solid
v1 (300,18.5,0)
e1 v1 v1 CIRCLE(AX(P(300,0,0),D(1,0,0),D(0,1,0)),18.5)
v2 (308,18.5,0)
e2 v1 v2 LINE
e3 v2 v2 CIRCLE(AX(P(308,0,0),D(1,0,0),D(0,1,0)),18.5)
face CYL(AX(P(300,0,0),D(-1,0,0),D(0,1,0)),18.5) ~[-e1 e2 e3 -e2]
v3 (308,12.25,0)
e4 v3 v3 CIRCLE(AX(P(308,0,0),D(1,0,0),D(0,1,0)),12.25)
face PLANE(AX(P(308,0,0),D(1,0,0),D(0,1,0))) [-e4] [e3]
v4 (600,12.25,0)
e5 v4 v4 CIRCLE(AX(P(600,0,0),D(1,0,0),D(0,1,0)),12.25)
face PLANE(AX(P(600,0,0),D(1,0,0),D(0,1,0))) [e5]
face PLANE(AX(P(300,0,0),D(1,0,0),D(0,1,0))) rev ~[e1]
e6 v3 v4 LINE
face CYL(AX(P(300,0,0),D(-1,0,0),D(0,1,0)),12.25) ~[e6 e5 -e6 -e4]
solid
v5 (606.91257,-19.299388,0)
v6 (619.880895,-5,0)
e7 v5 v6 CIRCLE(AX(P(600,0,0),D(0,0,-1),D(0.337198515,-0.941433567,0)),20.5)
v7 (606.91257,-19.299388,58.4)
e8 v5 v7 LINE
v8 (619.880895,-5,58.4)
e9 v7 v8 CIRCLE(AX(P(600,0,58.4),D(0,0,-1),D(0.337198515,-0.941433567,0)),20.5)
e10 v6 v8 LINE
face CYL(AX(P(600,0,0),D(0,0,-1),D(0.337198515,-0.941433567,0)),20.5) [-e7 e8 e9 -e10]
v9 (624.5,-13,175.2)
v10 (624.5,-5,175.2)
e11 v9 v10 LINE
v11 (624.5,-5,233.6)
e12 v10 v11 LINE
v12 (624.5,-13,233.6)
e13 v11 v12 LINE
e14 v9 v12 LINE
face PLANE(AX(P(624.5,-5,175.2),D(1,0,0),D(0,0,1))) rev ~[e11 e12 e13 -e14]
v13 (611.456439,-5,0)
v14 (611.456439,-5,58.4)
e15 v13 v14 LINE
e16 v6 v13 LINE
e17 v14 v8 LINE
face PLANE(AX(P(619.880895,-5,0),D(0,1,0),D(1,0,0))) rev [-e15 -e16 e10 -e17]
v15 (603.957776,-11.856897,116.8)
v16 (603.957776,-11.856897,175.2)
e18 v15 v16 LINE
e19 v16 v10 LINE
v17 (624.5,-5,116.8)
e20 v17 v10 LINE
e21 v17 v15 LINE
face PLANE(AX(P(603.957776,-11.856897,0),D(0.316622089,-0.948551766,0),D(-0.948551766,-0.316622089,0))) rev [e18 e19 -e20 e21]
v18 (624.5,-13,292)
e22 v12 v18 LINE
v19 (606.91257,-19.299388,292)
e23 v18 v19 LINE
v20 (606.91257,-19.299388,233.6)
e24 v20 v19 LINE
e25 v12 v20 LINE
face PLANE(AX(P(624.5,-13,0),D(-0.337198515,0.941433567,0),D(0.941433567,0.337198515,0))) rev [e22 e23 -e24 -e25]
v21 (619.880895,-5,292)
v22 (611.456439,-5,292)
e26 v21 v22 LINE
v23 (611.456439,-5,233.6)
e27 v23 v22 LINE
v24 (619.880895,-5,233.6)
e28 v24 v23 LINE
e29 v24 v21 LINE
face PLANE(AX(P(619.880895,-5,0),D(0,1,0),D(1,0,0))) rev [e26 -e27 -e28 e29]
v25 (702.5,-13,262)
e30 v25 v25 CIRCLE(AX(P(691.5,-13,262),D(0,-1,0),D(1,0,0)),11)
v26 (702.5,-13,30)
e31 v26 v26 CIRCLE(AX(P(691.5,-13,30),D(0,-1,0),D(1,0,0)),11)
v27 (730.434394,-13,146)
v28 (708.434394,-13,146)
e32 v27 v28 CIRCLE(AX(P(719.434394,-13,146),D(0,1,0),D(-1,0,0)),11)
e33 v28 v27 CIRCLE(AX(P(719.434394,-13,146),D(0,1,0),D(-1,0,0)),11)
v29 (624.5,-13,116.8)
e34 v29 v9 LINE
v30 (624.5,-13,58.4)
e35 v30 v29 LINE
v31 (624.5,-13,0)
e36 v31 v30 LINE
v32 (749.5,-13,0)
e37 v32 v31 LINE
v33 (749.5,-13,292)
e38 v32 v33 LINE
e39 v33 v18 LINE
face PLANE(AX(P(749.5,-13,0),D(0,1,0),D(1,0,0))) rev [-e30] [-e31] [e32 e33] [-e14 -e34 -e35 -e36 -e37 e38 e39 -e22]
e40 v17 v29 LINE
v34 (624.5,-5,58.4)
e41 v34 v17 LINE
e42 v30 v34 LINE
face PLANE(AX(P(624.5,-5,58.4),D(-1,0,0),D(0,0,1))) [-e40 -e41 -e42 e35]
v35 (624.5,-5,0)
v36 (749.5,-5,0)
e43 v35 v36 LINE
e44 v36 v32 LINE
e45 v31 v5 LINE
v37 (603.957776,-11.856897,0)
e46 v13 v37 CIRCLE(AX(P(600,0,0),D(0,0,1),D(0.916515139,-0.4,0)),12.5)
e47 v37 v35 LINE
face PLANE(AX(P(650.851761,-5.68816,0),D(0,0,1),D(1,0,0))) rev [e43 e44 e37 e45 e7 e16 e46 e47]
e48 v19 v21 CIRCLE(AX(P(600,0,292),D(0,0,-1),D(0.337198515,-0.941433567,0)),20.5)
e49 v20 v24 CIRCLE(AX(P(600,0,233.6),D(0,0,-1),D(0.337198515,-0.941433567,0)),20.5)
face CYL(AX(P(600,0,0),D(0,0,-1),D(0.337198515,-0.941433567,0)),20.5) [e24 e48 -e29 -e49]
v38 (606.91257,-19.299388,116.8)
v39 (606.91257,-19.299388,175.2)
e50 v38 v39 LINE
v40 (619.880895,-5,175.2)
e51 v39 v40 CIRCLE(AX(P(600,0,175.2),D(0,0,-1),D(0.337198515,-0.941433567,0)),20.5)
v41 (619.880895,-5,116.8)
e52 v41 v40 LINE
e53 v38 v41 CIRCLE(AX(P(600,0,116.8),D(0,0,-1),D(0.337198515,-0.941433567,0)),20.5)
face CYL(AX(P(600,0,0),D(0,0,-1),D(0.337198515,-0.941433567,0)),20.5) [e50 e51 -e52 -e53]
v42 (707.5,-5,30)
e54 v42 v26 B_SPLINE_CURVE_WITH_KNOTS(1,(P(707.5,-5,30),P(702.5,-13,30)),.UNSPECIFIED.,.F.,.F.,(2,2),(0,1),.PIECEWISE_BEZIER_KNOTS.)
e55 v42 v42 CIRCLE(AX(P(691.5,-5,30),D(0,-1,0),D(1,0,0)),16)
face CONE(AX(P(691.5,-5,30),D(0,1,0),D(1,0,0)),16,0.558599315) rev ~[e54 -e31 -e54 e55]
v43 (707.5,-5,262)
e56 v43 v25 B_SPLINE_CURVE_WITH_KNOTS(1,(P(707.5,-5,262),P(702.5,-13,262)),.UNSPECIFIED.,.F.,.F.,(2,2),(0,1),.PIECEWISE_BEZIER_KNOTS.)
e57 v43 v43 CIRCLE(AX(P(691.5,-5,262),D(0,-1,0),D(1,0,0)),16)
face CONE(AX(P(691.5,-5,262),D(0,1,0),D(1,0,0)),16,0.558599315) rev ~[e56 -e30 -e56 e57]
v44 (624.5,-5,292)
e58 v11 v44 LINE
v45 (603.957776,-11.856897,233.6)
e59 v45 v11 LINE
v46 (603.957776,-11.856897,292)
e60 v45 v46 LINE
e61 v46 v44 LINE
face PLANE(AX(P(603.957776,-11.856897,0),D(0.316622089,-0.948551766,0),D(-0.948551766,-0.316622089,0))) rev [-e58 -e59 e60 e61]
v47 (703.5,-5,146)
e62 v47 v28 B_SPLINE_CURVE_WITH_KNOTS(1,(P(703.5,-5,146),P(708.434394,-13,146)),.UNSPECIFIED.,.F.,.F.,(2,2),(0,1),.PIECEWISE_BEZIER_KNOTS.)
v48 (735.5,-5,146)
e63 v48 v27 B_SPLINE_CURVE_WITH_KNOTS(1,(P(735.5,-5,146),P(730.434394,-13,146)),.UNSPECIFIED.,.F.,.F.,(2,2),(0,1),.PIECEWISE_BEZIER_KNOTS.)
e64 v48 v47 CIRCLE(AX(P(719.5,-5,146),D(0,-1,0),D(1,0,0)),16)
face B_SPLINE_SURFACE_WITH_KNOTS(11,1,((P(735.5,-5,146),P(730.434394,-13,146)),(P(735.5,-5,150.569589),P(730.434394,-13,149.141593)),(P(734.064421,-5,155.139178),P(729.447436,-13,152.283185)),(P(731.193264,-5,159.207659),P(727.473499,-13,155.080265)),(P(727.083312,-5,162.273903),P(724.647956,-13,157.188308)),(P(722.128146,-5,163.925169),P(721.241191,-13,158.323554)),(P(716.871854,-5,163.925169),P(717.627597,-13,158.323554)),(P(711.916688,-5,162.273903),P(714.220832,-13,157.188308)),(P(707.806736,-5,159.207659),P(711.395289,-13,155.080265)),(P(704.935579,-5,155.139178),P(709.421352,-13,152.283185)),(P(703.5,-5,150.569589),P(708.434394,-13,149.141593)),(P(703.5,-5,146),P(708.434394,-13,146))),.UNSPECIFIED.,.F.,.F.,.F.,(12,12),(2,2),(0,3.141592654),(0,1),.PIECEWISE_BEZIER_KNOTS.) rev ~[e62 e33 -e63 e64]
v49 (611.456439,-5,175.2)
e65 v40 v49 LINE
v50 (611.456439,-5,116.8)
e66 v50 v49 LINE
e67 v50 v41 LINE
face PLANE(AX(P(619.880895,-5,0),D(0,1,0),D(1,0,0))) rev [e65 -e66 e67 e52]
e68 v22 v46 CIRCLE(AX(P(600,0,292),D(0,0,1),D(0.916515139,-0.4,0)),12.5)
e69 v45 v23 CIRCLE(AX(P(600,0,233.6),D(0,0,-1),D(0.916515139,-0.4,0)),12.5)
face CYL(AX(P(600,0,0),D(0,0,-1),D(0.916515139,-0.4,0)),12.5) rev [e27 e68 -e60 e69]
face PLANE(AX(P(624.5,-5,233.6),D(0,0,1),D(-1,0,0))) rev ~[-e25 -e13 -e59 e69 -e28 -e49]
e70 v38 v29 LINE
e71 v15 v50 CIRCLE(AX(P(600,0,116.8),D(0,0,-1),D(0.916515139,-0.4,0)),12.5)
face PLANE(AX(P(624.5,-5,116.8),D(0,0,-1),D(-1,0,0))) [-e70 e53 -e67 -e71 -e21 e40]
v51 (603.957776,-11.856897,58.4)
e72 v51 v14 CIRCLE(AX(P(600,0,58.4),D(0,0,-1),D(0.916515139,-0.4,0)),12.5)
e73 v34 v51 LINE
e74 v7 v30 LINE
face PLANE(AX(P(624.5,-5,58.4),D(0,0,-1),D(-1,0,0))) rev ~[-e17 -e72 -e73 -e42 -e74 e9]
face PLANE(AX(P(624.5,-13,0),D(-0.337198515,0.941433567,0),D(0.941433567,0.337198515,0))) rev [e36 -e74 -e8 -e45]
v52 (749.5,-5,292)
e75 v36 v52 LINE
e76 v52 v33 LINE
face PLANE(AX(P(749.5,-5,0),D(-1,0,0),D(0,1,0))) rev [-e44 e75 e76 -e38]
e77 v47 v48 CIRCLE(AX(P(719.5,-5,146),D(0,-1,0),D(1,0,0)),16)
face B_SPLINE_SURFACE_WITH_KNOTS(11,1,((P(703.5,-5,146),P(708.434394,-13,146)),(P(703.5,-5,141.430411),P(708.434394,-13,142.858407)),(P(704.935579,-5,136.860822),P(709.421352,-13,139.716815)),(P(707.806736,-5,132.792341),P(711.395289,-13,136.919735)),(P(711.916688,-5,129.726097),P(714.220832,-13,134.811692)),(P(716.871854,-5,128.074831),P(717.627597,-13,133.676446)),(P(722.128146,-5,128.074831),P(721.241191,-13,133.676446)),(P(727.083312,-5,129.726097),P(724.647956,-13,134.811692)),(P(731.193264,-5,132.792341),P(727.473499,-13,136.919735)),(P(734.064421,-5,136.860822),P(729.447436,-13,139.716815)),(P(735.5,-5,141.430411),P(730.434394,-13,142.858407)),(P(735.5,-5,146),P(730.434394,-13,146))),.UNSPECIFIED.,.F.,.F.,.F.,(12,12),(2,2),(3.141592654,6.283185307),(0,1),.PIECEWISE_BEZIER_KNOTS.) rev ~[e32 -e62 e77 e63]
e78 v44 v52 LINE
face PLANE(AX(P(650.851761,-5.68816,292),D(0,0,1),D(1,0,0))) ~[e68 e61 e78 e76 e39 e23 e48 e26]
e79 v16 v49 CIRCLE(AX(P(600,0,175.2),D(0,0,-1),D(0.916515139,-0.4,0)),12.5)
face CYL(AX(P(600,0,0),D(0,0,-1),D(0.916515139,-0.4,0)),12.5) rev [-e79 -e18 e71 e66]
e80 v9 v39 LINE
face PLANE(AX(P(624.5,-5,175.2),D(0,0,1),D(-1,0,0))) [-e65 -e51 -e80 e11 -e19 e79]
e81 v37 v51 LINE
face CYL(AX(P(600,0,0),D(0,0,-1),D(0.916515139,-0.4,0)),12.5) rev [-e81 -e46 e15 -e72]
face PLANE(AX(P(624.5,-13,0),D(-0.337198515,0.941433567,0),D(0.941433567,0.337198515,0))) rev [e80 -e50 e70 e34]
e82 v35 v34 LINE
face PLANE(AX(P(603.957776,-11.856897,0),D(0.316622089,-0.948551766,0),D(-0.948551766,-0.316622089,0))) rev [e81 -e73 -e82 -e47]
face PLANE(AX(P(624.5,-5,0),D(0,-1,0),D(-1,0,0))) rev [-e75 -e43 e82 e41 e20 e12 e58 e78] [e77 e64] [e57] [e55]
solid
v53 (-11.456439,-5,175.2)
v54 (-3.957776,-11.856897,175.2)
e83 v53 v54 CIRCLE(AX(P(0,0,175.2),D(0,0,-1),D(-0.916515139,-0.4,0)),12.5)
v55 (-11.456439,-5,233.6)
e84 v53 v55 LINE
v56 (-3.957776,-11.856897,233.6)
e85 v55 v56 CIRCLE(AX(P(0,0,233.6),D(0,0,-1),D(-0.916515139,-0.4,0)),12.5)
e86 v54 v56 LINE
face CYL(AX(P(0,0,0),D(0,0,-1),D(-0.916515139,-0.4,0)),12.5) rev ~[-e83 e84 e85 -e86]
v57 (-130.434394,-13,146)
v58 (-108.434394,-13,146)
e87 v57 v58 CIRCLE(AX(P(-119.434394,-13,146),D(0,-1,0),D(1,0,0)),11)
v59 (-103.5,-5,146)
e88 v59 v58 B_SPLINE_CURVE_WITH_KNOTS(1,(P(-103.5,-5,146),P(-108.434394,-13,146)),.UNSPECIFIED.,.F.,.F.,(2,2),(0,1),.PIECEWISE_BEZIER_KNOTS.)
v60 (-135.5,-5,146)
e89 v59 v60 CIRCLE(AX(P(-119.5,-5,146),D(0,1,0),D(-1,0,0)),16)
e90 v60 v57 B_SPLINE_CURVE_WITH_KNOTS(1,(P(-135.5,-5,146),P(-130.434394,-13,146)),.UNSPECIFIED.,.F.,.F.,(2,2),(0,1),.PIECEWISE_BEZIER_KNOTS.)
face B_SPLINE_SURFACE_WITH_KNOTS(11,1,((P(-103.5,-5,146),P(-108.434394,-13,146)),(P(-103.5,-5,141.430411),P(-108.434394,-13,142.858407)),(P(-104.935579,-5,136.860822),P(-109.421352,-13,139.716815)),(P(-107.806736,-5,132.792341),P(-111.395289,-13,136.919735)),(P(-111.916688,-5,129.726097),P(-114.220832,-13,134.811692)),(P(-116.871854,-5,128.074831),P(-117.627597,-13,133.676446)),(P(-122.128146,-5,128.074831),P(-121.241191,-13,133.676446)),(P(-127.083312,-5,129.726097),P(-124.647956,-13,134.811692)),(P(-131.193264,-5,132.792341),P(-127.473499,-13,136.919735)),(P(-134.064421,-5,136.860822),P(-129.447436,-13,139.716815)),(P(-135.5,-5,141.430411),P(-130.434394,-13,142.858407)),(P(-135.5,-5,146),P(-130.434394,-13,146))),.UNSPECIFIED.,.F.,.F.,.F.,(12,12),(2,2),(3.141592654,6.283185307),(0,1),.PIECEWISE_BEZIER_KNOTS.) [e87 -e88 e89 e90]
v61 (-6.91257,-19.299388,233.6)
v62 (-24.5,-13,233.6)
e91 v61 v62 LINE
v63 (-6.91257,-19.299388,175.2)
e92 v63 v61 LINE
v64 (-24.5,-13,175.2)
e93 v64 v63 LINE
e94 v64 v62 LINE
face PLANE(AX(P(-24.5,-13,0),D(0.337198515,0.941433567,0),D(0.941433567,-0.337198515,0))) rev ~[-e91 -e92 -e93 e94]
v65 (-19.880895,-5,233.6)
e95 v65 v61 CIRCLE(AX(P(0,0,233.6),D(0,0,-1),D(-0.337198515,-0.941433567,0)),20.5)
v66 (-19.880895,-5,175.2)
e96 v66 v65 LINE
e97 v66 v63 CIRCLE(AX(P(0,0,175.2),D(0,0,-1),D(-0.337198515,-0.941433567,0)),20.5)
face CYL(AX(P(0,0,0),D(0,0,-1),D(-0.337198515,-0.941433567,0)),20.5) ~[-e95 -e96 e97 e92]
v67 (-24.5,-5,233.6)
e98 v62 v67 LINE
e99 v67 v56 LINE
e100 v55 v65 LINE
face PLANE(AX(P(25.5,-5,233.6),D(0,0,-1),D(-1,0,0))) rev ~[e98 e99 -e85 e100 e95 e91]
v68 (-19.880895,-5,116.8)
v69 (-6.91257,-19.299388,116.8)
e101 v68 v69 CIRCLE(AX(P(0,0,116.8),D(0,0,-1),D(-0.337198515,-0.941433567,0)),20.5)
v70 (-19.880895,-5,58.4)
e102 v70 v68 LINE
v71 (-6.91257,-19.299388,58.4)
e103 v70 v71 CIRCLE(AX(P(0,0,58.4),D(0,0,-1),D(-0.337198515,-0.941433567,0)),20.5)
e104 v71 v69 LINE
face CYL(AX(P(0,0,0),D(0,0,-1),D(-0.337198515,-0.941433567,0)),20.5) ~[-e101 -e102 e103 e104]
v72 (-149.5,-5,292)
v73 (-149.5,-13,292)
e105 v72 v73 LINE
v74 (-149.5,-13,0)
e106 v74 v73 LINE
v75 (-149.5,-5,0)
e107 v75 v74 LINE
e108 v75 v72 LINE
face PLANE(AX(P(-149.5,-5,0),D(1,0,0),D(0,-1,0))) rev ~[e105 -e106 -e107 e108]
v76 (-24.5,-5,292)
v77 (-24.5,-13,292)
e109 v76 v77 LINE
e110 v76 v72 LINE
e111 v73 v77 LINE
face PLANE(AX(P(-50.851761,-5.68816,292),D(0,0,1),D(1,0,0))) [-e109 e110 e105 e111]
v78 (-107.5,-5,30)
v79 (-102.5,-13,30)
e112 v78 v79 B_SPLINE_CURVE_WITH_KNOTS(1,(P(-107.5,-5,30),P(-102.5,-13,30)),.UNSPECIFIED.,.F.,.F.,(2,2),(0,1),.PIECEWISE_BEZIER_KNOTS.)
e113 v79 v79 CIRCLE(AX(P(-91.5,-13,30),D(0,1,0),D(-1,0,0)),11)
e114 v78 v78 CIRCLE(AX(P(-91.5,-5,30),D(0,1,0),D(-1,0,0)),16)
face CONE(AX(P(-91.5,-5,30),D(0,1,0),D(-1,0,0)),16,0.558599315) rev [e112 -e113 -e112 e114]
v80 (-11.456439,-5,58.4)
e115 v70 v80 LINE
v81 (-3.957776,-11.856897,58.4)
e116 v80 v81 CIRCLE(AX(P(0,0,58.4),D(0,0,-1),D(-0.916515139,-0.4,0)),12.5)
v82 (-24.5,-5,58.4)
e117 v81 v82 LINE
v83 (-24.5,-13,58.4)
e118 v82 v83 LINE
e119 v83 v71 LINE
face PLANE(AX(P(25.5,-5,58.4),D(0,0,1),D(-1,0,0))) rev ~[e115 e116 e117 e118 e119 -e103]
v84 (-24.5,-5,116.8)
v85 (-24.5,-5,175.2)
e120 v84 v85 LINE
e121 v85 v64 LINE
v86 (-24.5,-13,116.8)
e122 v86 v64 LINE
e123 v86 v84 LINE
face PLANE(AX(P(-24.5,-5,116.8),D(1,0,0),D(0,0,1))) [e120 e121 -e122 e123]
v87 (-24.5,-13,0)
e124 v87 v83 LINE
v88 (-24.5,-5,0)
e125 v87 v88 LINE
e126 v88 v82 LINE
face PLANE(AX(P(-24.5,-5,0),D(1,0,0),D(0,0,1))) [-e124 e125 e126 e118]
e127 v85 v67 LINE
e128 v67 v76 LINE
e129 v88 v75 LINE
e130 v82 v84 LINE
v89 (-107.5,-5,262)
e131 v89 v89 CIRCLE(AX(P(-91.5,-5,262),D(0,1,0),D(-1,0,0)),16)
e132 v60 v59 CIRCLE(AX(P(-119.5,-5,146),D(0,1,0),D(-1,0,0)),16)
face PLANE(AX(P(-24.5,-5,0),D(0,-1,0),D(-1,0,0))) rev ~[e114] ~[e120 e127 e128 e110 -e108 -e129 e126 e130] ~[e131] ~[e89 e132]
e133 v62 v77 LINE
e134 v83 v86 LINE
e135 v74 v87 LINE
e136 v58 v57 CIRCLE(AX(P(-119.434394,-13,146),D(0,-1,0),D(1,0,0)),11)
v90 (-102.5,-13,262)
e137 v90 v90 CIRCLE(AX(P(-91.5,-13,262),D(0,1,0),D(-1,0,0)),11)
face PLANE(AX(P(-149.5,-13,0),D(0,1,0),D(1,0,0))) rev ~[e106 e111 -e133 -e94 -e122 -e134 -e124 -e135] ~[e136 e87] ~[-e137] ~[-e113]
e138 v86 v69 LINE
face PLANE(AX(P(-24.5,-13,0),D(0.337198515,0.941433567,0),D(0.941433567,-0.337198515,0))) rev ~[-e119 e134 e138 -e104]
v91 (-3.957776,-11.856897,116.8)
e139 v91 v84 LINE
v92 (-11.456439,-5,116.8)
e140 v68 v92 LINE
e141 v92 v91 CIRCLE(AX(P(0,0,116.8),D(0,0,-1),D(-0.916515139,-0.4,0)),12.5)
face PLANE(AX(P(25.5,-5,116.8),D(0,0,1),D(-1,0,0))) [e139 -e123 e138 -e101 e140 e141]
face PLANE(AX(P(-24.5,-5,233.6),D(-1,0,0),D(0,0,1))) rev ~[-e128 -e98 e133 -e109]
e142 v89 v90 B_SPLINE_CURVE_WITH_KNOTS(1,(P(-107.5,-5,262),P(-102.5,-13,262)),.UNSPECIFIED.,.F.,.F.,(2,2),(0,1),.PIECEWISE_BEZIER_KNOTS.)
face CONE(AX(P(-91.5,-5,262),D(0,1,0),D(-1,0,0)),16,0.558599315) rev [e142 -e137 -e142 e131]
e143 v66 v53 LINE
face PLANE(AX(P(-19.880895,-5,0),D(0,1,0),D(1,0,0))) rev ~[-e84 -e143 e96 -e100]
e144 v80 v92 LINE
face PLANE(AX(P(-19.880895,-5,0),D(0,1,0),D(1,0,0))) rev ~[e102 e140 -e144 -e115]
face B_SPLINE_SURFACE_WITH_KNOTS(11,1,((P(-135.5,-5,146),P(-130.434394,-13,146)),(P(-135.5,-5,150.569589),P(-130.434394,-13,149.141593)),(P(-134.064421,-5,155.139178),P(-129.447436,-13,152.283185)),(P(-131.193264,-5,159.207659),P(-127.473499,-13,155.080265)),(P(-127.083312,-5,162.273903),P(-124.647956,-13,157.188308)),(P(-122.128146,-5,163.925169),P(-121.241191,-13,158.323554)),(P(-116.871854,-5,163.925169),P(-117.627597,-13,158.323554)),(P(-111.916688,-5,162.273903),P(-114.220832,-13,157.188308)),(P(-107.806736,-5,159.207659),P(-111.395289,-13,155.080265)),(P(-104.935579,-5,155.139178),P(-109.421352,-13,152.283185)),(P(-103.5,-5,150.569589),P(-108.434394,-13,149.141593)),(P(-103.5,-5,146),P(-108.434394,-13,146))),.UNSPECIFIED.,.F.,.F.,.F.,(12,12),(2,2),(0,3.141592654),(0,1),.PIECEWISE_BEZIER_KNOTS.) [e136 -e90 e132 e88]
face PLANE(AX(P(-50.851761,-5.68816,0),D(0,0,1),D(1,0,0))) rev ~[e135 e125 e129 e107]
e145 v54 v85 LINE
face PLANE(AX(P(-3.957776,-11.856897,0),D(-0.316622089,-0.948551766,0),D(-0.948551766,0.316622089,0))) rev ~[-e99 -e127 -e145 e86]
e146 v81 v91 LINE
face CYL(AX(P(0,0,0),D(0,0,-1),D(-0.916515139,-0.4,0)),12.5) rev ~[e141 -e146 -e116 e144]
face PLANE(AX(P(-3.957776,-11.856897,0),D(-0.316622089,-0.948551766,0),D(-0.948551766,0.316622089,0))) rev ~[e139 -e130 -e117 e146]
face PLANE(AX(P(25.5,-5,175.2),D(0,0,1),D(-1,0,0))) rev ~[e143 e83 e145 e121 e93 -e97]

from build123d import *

# Parameters (mm, degrees)
F1_DEPTH  = 292
F2_R      = 16
F3_R      = 11
F10_W     = 50
F10_H     = 58.4
F11_DEPTH = 50
F7_W      = 50
F7_H      = 58.4
F12_DEPTH = 50
F13_R     = 12.25
F14_DEPTH = 300
F13_R_2   = 18.5
F15_DEPTH = 8


with BuildPart() as f1:
    # F0 (on Top) → F1 (new body)
    with BuildSketch(Plane.XY):
        with BuildLine():
            Line((-24.5, -13), (-6.9125695665, -19.2993881247))
            ThreePointArc((-6.9125695665, -19.2993881247), (15.1852087826, 13.7716895924), (-19.8808953521, -5))
            Line((-19.8808953521, -5), (-11.4564392374, -5))
            ThreePointArc((-11.4564392374, -5), (8.4352692932, 9.2247618913), (-3.9577761068, -11.8568970767))
            Line((-3.9577761068, -11.8568970767), (-24.5, -5))
            Line((-24.5, -5), (-149.5, -5))
            Line((-149.5, -5), (-149.5, -13))
            Line((-149.5, -13), (-24.5, -13))
        make_face()
    extrude(amount=F1_DEPTH)

    # F2 (on face) → F4 section 0
    with BuildSketch(Plane(origin=(0, -5, 0), x_dir=(-1, 0, 0), z_dir=(0, 1, 0))):
        with Locations((91.5, 262)):
            Circle(F2_R)
    # F3 (on face) → F4 section 1
    with BuildSketch(Plane.XZ.offset(13)):
        with Locations((-91.5, 262)):
            Circle(F3_R)
    loft(mode=Mode.SUBTRACT)

    # F2 (on face) → F5 section 0
    with BuildSketch(Plane(origin=(0, -5, 0), x_dir=(-1, 0, 0), z_dir=(0, 1, 0))):
        with Locations((119.5, 146)):
            Circle(F2_R)
    # F3 (on face) → F5 section 1
    with BuildSketch(Plane.XZ.offset(13)):
        with Locations((-119.4343939424, 146)):
            Circle(F3_R)
    loft(mode=Mode.SUBTRACT)

    # F2 (on face) → F6 section 0
    with BuildSketch(Plane(origin=(0, -5, 0), x_dir=(-1, 0, 0), z_dir=(0, 1, 0))):
        with Locations((91.5, 30)):
            Circle(F2_R)
    # F3 (on face) → F6 section 1
    with BuildSketch(Plane.XZ.offset(13)):
        with Locations((-91.5, 30)):
            Circle(F3_R)
    loft(mode=Mode.SUBTRACT)


with BuildPart() as f9_1:
    # F9: instance of F1
    add(f1.part.mirror(Plane.YZ.offset(300)))

    # F10 (on face) → F11 (cut, symmetric)
    with BuildSketch(Plane(origin=(0, -5, 0), x_dir=(-1, 0, 0), z_dir=(0, 1, 0))):
        with Locations((-599.5, 204.4)):
            Rectangle(F10_W, F10_H)
        with Locations((-599.5, 87.6)):
            Rectangle(F10_W, F10_H)
    extrude(amount=F11_DEPTH, both=True, mode=Mode.SUBTRACT)


with BuildPart() as f1_1:
    add(f1.part)

    # F7 (on face) → F12 (cut, symmetric)
    with BuildSketch(Plane(origin=(0, -5, 0), x_dir=(-1, 0, 0), z_dir=(0, 1, 0))):
        with Locations((-0.5, 29.2)):
            Rectangle(F7_W, F7_H)
        with Locations((-0.5, 146)):
            Rectangle(F7_W, F7_H)
        with Locations((-0.5, 262.8)):
            Rectangle(F7_W, F7_H)
    extrude(amount=F12_DEPTH, both=True, mode=Mode.SUBTRACT)


with BuildPart() as f14:
    # F13 (on offset) → F14 (new body)
    with BuildSketch(Plane.YZ.offset(300)):
        Circle(F13_R)
    extrude(amount=F14_DEPTH)

    # F13 (on offset) → F15 (join)
    with BuildSketch(Plane.YZ.offset(300)):
        Circle(F13_R_2)
        Circle(F13_R, mode=Mode.SUBTRACT)
    extrude(amount=F15_DEPTH)


solid = Compound([f9_1.part, f1_1.part, f14.part])
